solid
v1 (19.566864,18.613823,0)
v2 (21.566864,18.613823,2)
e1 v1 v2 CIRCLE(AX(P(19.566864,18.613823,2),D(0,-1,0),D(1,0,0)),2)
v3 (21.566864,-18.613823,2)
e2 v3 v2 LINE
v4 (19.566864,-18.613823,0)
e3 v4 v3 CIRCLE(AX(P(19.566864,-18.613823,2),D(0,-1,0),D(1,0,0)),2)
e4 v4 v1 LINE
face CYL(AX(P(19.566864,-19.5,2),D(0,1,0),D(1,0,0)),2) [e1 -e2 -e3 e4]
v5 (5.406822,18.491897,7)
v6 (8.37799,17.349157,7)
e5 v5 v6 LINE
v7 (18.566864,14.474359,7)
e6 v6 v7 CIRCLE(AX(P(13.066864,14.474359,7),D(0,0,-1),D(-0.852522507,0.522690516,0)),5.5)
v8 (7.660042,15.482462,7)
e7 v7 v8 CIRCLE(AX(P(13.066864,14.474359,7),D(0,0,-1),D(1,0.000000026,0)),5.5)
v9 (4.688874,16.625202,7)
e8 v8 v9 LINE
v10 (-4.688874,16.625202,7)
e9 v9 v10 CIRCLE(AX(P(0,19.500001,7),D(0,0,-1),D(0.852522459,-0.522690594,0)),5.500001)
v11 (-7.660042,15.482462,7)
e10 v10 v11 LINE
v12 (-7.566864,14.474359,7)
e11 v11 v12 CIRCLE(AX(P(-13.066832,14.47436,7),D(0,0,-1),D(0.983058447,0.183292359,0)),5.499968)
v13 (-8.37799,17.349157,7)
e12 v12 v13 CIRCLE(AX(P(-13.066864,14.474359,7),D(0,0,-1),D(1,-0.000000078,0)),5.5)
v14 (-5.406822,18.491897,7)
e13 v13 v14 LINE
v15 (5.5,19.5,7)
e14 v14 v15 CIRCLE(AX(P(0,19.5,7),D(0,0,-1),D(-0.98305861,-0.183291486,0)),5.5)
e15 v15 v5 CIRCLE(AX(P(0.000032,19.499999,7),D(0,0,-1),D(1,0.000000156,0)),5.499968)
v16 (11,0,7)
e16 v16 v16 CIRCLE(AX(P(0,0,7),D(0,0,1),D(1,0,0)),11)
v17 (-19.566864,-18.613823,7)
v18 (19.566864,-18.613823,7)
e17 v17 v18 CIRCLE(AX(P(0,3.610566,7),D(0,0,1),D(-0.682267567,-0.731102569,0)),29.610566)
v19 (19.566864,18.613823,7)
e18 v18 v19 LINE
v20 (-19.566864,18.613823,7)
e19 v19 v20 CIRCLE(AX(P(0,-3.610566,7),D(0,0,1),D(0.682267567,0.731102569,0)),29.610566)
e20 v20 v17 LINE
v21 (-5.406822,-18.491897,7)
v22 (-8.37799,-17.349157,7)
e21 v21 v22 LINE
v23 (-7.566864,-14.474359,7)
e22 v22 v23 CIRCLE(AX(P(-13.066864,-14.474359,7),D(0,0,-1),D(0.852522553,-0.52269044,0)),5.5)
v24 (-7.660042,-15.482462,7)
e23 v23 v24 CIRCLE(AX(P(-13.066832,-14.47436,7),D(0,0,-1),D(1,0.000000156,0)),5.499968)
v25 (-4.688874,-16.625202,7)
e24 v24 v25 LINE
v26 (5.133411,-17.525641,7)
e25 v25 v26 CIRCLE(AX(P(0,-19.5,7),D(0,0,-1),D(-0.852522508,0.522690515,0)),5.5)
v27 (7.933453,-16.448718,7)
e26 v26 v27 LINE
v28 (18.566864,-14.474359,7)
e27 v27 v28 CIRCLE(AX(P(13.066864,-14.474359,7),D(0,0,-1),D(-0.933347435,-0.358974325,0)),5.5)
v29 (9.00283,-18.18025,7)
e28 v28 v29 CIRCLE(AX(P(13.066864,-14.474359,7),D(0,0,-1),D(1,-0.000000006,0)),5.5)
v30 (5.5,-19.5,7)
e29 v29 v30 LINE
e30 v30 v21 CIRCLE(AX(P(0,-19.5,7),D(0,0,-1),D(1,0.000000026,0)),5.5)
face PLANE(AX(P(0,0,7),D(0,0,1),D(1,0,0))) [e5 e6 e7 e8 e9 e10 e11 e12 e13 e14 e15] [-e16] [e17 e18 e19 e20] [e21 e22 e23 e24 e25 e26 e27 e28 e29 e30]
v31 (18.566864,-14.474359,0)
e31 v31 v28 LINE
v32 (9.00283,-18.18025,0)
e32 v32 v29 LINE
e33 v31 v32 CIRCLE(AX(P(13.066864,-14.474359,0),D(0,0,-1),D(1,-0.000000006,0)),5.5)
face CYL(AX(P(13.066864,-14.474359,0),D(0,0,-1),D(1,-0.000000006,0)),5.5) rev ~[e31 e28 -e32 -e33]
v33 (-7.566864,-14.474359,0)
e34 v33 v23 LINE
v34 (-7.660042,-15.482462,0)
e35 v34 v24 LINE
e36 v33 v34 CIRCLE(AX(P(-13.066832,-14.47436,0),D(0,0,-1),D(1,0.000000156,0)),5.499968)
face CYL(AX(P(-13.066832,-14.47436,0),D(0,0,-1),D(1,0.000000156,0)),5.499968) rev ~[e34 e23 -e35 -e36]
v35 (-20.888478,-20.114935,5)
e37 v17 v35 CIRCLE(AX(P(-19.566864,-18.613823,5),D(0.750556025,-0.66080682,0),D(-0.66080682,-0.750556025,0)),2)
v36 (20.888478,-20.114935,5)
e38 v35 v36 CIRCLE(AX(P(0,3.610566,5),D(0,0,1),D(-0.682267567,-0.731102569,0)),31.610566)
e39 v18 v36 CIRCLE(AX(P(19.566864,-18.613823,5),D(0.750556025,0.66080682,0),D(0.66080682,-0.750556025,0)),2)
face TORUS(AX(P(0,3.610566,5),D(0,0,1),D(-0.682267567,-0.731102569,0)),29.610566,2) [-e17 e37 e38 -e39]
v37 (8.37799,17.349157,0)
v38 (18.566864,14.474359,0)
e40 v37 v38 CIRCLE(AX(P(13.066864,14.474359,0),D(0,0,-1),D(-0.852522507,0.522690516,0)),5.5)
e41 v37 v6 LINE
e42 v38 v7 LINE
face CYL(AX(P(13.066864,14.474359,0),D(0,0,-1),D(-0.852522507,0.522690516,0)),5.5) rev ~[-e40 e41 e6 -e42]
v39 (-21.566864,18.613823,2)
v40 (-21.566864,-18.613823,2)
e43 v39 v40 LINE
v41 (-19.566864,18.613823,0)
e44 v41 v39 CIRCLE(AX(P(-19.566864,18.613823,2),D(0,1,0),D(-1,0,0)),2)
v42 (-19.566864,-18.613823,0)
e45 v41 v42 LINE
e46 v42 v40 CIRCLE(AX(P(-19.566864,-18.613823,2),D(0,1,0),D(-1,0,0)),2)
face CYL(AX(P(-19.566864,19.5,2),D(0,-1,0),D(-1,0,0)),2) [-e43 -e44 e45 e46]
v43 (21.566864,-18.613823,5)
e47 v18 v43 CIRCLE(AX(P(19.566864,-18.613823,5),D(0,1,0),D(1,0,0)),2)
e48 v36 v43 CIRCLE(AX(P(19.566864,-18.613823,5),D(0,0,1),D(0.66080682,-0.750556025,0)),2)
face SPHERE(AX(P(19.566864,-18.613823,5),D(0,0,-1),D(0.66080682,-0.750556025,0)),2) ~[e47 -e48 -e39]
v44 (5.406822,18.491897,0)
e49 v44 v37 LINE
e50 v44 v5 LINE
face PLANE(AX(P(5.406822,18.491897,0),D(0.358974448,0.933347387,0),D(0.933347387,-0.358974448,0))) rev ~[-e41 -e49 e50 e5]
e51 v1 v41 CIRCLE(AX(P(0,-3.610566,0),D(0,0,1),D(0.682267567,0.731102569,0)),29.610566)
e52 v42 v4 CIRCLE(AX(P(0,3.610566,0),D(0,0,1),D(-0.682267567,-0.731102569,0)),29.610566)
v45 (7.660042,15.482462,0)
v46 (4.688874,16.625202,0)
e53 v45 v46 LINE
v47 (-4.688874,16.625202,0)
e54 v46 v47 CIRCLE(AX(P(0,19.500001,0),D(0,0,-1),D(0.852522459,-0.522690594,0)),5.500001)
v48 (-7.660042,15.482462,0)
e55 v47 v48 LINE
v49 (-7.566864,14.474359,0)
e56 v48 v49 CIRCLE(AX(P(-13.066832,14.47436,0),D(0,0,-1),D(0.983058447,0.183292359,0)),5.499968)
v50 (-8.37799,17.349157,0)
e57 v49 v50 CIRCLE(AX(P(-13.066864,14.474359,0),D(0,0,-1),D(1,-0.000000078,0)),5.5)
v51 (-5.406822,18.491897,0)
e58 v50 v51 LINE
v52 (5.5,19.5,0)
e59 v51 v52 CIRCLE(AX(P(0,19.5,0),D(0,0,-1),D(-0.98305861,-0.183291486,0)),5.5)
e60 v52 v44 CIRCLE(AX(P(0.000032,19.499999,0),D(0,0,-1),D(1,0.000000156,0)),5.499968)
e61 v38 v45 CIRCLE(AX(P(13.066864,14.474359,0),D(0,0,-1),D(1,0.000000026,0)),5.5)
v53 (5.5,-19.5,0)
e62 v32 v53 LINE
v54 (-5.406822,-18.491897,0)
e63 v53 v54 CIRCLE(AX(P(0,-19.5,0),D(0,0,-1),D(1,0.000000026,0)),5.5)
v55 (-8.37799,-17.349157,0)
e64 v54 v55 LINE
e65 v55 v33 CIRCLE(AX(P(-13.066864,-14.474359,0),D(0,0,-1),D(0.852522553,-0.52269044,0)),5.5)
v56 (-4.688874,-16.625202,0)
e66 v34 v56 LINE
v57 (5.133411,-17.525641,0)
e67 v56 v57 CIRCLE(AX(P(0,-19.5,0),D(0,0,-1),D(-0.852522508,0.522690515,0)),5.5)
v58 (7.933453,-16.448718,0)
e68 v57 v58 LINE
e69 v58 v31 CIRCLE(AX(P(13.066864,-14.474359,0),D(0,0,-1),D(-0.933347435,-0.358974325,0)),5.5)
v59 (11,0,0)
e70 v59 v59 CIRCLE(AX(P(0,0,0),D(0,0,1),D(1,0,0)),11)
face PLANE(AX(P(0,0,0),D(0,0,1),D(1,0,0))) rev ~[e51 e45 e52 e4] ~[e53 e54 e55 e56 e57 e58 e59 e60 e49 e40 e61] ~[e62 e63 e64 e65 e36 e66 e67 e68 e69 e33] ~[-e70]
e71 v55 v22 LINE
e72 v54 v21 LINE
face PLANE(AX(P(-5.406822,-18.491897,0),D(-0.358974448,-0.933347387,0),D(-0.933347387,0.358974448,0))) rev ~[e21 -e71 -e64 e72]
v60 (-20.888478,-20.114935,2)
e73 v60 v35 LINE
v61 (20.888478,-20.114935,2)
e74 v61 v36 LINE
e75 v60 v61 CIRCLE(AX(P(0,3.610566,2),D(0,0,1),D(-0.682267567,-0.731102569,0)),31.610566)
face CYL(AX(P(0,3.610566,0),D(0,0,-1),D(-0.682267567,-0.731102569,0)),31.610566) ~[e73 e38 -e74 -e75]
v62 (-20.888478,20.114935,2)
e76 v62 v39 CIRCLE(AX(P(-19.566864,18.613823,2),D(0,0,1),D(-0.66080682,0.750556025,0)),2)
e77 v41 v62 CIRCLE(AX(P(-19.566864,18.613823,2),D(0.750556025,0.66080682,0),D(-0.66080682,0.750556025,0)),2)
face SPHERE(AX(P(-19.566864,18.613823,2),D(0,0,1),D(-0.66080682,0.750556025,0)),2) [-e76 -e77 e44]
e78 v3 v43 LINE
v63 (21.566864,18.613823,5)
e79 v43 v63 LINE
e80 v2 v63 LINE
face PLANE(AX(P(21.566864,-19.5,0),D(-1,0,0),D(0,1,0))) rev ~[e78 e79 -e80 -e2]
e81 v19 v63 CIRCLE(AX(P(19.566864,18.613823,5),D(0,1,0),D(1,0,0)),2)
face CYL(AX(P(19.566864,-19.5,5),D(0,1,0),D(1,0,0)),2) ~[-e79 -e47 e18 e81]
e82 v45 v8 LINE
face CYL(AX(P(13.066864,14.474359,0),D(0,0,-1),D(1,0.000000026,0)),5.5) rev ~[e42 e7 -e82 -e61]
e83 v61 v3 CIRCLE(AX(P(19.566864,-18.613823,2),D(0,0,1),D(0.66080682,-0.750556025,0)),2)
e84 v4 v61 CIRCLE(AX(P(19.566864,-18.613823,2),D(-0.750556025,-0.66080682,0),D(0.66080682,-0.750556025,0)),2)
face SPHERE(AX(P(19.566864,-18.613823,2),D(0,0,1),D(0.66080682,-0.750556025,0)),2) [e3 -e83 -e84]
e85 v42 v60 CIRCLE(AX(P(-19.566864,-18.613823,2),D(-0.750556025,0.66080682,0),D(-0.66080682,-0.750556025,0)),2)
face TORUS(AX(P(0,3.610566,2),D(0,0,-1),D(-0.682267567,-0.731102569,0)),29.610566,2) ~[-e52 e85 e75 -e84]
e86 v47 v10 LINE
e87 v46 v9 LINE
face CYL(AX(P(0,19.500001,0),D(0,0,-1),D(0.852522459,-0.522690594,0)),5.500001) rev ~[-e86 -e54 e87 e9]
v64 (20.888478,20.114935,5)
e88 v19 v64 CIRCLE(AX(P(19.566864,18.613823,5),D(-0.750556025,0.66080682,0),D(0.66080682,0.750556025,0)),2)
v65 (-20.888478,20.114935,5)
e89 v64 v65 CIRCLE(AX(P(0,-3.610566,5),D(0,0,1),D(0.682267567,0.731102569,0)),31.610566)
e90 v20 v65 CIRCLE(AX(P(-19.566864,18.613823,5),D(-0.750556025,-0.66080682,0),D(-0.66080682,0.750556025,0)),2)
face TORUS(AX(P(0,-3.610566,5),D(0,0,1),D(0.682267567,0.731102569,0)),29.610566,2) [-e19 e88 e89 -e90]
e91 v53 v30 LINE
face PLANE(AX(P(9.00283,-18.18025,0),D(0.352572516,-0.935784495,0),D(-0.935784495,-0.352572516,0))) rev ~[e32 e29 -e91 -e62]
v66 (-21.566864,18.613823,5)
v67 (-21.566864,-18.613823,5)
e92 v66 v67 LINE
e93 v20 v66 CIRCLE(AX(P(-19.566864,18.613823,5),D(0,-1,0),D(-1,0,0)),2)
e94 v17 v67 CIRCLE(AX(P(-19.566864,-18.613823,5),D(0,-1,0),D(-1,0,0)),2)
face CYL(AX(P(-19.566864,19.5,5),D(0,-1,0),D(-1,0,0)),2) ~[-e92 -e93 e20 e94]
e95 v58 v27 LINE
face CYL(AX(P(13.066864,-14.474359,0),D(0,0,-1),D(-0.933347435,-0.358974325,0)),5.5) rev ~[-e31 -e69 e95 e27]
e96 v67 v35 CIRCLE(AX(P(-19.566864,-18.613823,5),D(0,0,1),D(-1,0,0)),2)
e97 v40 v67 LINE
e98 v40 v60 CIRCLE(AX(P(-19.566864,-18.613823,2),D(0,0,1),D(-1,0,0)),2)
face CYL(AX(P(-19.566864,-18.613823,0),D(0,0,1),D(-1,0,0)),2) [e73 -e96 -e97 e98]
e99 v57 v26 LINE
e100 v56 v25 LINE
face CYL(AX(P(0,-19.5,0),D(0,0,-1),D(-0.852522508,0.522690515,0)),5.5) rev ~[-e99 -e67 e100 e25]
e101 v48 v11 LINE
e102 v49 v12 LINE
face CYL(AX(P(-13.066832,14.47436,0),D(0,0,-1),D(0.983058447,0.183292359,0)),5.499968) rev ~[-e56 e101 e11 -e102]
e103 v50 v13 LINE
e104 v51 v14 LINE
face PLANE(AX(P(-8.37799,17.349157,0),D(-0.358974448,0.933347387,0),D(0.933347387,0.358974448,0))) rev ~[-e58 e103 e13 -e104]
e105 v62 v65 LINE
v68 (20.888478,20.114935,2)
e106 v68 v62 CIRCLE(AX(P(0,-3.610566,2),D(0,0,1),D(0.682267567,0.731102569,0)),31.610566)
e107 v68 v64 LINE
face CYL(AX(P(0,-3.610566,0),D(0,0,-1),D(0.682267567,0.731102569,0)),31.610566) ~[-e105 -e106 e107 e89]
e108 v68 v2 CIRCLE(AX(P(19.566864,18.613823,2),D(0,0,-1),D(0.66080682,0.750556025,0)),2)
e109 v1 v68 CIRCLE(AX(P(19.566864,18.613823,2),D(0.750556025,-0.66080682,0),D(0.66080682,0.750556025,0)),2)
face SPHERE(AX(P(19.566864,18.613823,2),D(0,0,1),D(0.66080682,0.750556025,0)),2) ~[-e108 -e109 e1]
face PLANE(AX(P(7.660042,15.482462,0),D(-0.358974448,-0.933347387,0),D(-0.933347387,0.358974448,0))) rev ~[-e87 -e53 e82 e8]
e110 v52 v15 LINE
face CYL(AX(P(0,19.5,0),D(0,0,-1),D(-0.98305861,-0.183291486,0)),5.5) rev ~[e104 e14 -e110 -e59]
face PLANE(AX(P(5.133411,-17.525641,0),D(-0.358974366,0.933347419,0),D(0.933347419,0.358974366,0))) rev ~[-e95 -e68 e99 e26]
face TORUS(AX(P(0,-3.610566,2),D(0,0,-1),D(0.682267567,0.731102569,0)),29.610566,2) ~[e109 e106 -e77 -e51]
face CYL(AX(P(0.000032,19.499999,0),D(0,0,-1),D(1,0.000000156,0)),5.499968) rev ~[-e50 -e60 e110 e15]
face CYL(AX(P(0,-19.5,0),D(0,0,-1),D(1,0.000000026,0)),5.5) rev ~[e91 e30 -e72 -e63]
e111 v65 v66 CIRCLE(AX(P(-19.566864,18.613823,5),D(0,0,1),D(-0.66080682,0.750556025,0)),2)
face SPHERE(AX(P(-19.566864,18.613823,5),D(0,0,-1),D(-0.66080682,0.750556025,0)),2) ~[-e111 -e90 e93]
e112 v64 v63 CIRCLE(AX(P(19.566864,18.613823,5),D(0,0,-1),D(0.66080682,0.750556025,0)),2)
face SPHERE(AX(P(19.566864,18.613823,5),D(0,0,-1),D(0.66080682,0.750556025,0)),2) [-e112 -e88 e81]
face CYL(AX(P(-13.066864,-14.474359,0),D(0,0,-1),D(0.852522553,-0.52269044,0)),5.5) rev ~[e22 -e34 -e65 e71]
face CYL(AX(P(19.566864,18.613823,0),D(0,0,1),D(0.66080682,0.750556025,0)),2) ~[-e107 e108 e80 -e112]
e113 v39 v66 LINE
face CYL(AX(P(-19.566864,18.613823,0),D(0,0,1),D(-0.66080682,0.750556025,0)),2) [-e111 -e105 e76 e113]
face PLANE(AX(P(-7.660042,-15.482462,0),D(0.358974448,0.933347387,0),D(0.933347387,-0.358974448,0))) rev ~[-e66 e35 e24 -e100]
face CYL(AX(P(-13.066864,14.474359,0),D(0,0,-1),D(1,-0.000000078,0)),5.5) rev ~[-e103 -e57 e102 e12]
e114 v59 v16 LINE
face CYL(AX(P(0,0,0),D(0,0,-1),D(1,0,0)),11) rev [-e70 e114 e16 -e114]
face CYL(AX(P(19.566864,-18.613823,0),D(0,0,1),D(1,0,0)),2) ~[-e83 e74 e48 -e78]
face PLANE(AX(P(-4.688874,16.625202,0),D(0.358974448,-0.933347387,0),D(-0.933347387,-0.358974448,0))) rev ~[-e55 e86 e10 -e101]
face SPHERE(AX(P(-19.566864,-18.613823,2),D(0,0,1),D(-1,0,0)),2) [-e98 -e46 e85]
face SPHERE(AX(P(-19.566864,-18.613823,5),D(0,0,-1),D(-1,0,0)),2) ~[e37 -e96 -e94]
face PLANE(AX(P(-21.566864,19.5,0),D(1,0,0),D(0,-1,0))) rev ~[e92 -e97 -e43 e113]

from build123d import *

# Parameters (mm, degrees)
F0_R     = 11
F1_DEPTH = 7
F2_R     = 2


with BuildPart() as f1:
    # F0 (on Top) → F1 (new body)
    with BuildSketch(Plane.XY):
        with BuildLine():
            ThreePointArc((21.566864, 19.5), (0, 28), (-21.566864, 19.5))
            Line((-21.566864, 19.5), (-21.566864, -19.5))
            ThreePointArc((-21.566864, -19.5), (0, -28), (21.566864, -19.5))
            Line((21.566864, -19.5), (21.566864, 19.5))
        make_face()
        with BuildLine():
            ThreePointArc((-8.37799, -17.349157), (-18.3602, -12.98084), (-7.566864, -14.474359))
            ThreePointArc((-7.566864, -14.474359), (-7.590208, -14.980559), (-7.660042, -15.482462))
            Line((-7.660042, -15.482462), (-4.688874, -16.625202))
            ThreePointArc((-4.688874, -16.625202), (0.502097, -14.022966), (5.133411, -17.525641))
            Line((5.133411, -17.525641), (7.933453, -16.448718))
            ThreePointArc((7.933453, -16.448718), (12.062812, -9.066783), (18.566864, -14.474359))
            ThreePointArc((18.566864, -14.474359), (15.05405, -19.602818), (9.00283, -18.18025))
            Line((9.00283, -18.18025), (5.5, -19.5))
            ThreePointArc((5.5, -19.5), (-0.5062, -24.976656), (-5.406822, -18.491897))
            Line((-5.406822, -18.491897), (-8.37799, -17.349157))
        make_face(mode=Mode.SUBTRACT)
        Circle(F0_R, mode=Mode.SUBTRACT)
        with BuildLine():
            ThreePointArc((8.37799, 17.349157), (14.560382, 19.767695), (18.566864, 14.474359))
            ThreePointArc((18.566864, 14.474359), (12.560664, 8.997703), (7.660042, 15.482462))
            Line((7.660042, 15.482462), (4.688874, 16.625202))
            ThreePointArc((4.688874, 16.625202), (0, 14), (-4.688874, 16.625202))
            Line((-4.688874, 16.625202), (-7.660042, 15.482462))
            ThreePointArc((-7.660042, 15.482462), (-7.590208, 14.980559), (-7.566864, 14.474359))
            ThreePointArc((-7.566864, 14.474359), (-18.3602, 12.98084), (-8.37799, 17.349157))
            Line((-8.37799, 17.349157), (-5.406822, 18.491897))
            ThreePointArc((-5.406822, 18.491897), (-0.5062, 24.976656), (5.5, 19.5))
            ThreePointArc((5.5, 19.5), (5.476656, 18.9938), (5.406822, 18.491897))
            Line((5.406822, 18.491897), (8.37799, 17.349157))
        make_face(mode=Mode.SUBTRACT)
    extrude(amount=F1_DEPTH)

    # F2
    f2_edges = [f1.edges().sort_by_distance(p)[0] for p in [
        (21.566864, 19.5, 3.5),
        (-21.566864, 19.5, 3.5),
        (0, 28, 0),
        (0, 28, 7),
        (-21.566864, -19.5, 3.5),
        (-21.566864, 0, 0),
        (-21.566864, 0, 7),
        (21.566864, -19.5, 3.5),
        (0, -28, 0),
        (0, -28, 7),
        (21.566864, 0, 0),
        (21.566864, 0, 7),
    ]]
    fillet(f2_edges, radius=F2_R)


solid = f1.part
